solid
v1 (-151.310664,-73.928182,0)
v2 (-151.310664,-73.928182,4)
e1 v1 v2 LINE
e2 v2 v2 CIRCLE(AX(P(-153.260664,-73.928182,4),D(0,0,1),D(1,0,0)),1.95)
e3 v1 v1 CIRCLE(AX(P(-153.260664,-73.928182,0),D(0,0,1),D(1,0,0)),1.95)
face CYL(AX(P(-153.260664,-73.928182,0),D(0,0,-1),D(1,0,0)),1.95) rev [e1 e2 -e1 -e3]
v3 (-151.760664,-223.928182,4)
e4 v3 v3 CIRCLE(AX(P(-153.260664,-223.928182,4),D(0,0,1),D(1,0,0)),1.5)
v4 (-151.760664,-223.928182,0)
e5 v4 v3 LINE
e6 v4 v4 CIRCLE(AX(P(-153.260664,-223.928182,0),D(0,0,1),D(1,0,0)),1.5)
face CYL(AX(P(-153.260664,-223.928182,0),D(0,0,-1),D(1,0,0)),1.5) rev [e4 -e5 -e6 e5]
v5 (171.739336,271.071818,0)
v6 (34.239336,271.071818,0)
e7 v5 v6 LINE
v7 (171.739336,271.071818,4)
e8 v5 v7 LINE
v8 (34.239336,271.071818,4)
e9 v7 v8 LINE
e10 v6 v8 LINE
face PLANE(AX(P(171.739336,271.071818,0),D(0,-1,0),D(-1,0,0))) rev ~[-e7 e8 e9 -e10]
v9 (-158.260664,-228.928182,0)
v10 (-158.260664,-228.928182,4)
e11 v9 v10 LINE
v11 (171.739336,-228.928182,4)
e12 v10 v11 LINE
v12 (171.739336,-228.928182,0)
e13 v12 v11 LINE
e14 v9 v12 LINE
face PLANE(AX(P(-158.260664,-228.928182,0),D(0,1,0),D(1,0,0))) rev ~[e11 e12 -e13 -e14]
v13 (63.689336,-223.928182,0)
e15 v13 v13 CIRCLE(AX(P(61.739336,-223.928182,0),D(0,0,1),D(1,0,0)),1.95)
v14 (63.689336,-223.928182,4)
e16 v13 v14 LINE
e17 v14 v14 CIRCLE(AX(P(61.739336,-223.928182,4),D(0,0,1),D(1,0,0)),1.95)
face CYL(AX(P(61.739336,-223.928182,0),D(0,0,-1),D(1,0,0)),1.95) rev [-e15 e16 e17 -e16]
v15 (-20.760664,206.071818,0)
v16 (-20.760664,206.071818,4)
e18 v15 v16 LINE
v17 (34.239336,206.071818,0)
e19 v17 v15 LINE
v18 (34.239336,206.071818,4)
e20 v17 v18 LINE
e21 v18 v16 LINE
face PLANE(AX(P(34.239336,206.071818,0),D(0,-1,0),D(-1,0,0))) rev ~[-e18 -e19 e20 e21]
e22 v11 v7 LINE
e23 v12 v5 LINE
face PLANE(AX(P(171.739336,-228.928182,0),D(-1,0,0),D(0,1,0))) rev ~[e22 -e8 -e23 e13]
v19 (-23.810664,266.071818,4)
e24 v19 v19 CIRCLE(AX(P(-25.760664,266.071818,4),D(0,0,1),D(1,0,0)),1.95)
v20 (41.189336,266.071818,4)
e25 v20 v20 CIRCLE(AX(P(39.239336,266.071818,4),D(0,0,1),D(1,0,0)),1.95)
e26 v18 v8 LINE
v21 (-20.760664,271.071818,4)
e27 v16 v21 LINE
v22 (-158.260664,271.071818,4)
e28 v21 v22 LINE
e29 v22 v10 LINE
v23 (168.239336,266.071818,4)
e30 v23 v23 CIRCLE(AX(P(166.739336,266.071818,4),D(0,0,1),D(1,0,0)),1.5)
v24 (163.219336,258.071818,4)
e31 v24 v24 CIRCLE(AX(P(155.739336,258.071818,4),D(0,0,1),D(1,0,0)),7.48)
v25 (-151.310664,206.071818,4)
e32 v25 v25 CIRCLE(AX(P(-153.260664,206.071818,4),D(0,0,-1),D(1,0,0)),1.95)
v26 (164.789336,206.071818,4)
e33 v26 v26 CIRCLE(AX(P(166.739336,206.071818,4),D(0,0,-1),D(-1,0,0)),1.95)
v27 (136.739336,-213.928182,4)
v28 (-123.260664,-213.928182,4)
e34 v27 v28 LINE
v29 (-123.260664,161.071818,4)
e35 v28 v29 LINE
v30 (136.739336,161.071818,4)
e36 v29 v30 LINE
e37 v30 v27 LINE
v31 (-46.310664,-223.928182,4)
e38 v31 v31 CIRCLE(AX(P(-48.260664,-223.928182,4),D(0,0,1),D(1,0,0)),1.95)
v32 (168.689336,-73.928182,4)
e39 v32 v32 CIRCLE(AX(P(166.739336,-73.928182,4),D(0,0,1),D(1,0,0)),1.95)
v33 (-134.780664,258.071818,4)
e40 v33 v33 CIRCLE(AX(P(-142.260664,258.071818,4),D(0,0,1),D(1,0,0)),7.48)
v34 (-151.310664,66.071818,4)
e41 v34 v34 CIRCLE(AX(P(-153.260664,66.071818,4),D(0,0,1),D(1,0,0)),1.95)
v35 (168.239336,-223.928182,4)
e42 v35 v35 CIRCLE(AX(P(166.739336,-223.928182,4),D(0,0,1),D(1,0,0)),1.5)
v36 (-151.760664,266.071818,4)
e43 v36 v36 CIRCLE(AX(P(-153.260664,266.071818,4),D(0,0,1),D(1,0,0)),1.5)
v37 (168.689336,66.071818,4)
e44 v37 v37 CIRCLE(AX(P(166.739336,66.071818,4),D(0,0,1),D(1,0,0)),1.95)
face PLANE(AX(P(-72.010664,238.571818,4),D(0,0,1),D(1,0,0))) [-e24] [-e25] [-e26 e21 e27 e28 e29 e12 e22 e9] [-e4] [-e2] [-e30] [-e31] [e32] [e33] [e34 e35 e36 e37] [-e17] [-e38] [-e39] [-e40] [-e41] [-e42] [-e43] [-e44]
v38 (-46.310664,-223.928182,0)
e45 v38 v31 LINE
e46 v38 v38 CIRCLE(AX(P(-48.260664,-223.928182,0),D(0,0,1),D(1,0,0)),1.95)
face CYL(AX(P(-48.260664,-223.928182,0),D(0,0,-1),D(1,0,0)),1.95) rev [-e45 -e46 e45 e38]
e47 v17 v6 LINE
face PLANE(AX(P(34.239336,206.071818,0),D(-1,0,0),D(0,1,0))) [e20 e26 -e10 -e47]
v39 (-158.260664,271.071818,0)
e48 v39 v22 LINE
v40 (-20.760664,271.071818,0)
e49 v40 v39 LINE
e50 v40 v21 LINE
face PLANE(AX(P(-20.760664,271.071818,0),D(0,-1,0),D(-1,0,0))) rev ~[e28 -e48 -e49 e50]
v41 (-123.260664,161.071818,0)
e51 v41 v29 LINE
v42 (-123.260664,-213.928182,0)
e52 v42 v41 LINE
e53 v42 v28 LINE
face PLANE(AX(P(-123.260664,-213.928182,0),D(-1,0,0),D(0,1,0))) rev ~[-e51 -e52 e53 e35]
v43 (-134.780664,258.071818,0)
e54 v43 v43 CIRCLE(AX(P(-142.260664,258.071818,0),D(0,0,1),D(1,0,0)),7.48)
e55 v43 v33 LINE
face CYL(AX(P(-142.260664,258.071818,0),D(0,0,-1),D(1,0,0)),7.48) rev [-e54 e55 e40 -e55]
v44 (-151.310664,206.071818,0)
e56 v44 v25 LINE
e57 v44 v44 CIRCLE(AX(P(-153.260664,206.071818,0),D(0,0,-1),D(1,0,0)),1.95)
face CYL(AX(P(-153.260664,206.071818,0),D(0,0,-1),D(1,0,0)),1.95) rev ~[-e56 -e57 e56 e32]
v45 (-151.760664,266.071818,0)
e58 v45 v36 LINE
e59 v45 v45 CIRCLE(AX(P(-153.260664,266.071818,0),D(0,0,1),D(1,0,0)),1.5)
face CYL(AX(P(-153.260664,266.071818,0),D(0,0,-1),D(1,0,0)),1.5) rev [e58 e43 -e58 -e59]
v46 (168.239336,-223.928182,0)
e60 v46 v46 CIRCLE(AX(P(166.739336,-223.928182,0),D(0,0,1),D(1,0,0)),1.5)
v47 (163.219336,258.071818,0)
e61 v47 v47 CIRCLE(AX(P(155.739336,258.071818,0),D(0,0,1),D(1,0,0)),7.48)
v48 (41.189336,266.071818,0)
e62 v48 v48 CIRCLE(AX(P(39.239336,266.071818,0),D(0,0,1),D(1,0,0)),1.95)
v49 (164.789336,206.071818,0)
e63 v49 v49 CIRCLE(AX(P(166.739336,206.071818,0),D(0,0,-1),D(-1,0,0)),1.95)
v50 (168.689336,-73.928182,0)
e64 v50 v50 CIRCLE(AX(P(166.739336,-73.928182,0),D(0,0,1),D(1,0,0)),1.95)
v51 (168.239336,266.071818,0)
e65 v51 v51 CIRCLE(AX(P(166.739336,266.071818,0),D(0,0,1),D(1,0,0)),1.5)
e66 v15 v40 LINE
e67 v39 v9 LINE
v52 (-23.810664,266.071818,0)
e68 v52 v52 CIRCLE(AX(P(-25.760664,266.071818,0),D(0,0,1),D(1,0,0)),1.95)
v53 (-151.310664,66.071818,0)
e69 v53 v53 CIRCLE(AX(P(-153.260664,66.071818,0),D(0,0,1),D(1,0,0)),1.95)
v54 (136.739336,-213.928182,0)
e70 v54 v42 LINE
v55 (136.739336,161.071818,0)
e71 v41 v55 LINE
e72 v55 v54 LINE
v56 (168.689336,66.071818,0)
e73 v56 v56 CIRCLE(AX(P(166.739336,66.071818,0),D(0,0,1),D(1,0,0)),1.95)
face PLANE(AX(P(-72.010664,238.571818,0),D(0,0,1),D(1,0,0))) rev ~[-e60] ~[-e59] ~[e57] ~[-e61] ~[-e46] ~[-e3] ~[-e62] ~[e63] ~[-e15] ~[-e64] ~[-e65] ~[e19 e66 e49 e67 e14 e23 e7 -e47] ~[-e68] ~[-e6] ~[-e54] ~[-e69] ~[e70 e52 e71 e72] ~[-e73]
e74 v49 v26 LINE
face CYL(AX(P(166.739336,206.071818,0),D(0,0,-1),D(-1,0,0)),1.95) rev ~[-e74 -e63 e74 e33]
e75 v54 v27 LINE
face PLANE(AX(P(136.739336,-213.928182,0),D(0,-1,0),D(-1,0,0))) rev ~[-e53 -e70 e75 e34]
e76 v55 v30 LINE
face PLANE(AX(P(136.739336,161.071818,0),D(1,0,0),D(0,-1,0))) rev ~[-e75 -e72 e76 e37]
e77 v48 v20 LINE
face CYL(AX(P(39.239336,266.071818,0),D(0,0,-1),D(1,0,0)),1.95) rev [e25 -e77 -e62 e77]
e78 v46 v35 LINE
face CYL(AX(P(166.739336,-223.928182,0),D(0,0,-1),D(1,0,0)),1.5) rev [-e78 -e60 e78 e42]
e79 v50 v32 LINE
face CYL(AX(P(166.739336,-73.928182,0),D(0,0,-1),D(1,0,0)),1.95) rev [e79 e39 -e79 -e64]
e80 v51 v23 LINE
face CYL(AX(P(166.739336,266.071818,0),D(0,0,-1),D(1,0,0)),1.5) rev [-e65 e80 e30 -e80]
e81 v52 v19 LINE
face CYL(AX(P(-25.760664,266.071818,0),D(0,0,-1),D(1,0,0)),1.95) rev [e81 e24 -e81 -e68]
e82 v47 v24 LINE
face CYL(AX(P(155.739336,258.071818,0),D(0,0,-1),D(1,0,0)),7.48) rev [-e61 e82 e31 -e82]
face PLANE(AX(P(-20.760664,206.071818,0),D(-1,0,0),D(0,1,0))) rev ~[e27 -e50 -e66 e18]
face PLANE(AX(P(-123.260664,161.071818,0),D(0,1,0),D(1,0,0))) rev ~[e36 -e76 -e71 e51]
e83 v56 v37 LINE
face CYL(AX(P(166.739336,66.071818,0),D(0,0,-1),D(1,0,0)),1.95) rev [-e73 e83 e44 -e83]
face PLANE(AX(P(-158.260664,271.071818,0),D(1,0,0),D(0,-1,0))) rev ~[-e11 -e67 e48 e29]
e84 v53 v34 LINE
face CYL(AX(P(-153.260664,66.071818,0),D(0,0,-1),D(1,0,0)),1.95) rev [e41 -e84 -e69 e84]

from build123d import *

# Parameters (mm, degrees)
F0_W     = 102.5
F0_H     = 65
F0_R     = 1.95
F0_R_2   = 1.5
F0_R_3   = 7.48
F0_W_2   = 35
F0_H_2   = 15
F0_W_3   = 260
F1_DEPTH = 4


with BuildPart() as f1:
    # F0 (on Top) → F1 (new body)
    with BuildSketch(Plane.XY):
        with Locations((-72.0106637403, 238.5718183894)):
            Rectangle(F0_W, F0_H)
        with Locations((-25.7606637403, 266.0718183894)):
            Circle(F0_R, mode=Mode.SUBTRACT)
        with BuildLine():
            Line((-158.2606637403, 271.0718183894), (-158.2606637403, 206.0718183894))
            Line((-158.2606637403, 206.0718183894), (-155.2106637403, 206.0718183894))
            ThreePointArc((-155.2106637403, 206.0718183894), (-153.2606637403, 208.0218183894), (-151.3106637403, 206.0718183894))
            Line((-151.3106637403, 206.0718183894), (-123.2606637403, 206.0718183894))
            Line((-123.2606637403, 206.0718183894), (-123.2606637403, 271.0718183894))
            Line((-123.2606637403, 271.0718183894), (-158.2606637403, 271.0718183894))
        make_face()
        with Locations((-153.2606637403, 266.0718183894)):
            Circle(F0_R_2, mode=Mode.SUBTRACT)
        with Locations((-142.2606637403, 258.0718183894)):
            Circle(F0_R_3, mode=Mode.SUBTRACT)
        with BuildLine():
            Line((-158.2606637403, 206.0718183894), (-158.2606637403, -213.9281816106))
            Line((-158.2606637403, -213.9281816106), (-123.2606637403, -213.9281816106))
            Line((-123.2606637403, -213.9281816106), (-123.2606637403, 161.0718183894))
            Line((-123.2606637403, 161.0718183894), (-123.2606637403, 206.0718183894))
            Line((-123.2606637403, 206.0718183894), (-151.3106637403, 206.0718183894))
            ThreePointArc((-151.3106637403, 206.0718183894), (-153.2606637403, 204.1218183894), (-155.2106637403, 206.0718183894))
            Line((-155.2106637403, 206.0718183894), (-158.2606637403, 206.0718183894))
        make_face()
        with Locations((-153.2606637403, -73.9281816106)):
            Circle(F0_R, mode=Mode.SUBTRACT)
        with Locations((-153.2606637403, 66.0718183894)):
            Circle(F0_R, mode=Mode.SUBTRACT)
        with Locations((-140.7606637403, -221.4281816106)):
            Rectangle(F0_W_2, F0_H_2)
        with Locations((-153.2606637403, -223.9281816106)):
            Circle(F0_R_2, mode=Mode.SUBTRACT)
        with Locations((6.7393362597, -221.4281816106)):
            Rectangle(F0_W_3, F0_H_2)
        with Locations((-48.2606637403, -223.9281816106)):
            Circle(F0_R, mode=Mode.SUBTRACT)
        with Locations((61.7393362597, -223.9281816106)):
            Circle(F0_R, mode=Mode.SUBTRACT)
        with Locations((154.2393362597, -221.4281816106)):
            Rectangle(F0_W_2, F0_H_2)
        with Locations((166.7393362597, -223.9281816106)):
            Circle(F0_R_2, mode=Mode.SUBTRACT)
        with BuildLine():
            Line((136.7393362597, 161.0718183894), (136.7393362597, -213.9281816106))
            Line((136.7393362597, -213.9281816106), (171.7393362597, -213.9281816106))
            Line((171.7393362597, -213.9281816106), (171.7393362597, 206.0718183894))
            Line((171.7393362597, 206.0718183894), (168.6893362597, 206.0718183894))
            ThreePointArc((168.6893362597, 206.0718183894), (166.7393362597, 204.1218183894), (164.7893362597, 206.0718183894))
            Line((164.7893362597, 206.0718183894), (136.7393362597, 206.0718183894))
            Line((136.7393362597, 206.0718183894), (136.7393362597, 161.0718183894))
        make_face()
        with Locations((166.7393362597, -73.9281816106)):
            Circle(F0_R, mode=Mode.SUBTRACT)
        with Locations((166.7393362597, 66.0718183894)):
            Circle(F0_R, mode=Mode.SUBTRACT)
        with BuildLine():
            Line((168.6893362597, 206.0718183894), (171.7393362597, 206.0718183894))
            Line((171.7393362597, 206.0718183894), (171.7393362597, 271.0718183894))
            Line((171.7393362597, 271.0718183894), (136.7393362597, 271.0718183894))
            Line((136.7393362597, 271.0718183894), (136.7393362597, 206.0718183894))
            Line((136.7393362597, 206.0718183894), (164.7893362597, 206.0718183894))
            ThreePointArc((164.7893362597, 206.0718183894), (166.7393362597, 208.0218183894), (168.6893362597, 206.0718183894))
        make_face()
        with Locations((155.7393362597, 258.0718183894)):
            Circle(F0_R_3, mode=Mode.SUBTRACT)
        with Locations((166.7393362597, 266.0718183894)):
            Circle(F0_R_2, mode=Mode.SUBTRACT)
        with Locations((85.4893362597, 238.5718183894)):
            Rectangle(F0_W, F0_H)
        with Locations((39.2393362597, 266.0718183894)):
            Circle(F0_R, mode=Mode.SUBTRACT)
        Polygon((-123.2606637403, 206.0718183894), (-123.2606637403, 161.0718183894), (136.7393362597, 161.0718183894), (136.7393362597, 206.0718183894), (34.2393362597, 206.0718183894), (-20.7606637403, 206.0718183894), align=None)
    extrude(amount=F1_DEPTH)


solid = f1.part
